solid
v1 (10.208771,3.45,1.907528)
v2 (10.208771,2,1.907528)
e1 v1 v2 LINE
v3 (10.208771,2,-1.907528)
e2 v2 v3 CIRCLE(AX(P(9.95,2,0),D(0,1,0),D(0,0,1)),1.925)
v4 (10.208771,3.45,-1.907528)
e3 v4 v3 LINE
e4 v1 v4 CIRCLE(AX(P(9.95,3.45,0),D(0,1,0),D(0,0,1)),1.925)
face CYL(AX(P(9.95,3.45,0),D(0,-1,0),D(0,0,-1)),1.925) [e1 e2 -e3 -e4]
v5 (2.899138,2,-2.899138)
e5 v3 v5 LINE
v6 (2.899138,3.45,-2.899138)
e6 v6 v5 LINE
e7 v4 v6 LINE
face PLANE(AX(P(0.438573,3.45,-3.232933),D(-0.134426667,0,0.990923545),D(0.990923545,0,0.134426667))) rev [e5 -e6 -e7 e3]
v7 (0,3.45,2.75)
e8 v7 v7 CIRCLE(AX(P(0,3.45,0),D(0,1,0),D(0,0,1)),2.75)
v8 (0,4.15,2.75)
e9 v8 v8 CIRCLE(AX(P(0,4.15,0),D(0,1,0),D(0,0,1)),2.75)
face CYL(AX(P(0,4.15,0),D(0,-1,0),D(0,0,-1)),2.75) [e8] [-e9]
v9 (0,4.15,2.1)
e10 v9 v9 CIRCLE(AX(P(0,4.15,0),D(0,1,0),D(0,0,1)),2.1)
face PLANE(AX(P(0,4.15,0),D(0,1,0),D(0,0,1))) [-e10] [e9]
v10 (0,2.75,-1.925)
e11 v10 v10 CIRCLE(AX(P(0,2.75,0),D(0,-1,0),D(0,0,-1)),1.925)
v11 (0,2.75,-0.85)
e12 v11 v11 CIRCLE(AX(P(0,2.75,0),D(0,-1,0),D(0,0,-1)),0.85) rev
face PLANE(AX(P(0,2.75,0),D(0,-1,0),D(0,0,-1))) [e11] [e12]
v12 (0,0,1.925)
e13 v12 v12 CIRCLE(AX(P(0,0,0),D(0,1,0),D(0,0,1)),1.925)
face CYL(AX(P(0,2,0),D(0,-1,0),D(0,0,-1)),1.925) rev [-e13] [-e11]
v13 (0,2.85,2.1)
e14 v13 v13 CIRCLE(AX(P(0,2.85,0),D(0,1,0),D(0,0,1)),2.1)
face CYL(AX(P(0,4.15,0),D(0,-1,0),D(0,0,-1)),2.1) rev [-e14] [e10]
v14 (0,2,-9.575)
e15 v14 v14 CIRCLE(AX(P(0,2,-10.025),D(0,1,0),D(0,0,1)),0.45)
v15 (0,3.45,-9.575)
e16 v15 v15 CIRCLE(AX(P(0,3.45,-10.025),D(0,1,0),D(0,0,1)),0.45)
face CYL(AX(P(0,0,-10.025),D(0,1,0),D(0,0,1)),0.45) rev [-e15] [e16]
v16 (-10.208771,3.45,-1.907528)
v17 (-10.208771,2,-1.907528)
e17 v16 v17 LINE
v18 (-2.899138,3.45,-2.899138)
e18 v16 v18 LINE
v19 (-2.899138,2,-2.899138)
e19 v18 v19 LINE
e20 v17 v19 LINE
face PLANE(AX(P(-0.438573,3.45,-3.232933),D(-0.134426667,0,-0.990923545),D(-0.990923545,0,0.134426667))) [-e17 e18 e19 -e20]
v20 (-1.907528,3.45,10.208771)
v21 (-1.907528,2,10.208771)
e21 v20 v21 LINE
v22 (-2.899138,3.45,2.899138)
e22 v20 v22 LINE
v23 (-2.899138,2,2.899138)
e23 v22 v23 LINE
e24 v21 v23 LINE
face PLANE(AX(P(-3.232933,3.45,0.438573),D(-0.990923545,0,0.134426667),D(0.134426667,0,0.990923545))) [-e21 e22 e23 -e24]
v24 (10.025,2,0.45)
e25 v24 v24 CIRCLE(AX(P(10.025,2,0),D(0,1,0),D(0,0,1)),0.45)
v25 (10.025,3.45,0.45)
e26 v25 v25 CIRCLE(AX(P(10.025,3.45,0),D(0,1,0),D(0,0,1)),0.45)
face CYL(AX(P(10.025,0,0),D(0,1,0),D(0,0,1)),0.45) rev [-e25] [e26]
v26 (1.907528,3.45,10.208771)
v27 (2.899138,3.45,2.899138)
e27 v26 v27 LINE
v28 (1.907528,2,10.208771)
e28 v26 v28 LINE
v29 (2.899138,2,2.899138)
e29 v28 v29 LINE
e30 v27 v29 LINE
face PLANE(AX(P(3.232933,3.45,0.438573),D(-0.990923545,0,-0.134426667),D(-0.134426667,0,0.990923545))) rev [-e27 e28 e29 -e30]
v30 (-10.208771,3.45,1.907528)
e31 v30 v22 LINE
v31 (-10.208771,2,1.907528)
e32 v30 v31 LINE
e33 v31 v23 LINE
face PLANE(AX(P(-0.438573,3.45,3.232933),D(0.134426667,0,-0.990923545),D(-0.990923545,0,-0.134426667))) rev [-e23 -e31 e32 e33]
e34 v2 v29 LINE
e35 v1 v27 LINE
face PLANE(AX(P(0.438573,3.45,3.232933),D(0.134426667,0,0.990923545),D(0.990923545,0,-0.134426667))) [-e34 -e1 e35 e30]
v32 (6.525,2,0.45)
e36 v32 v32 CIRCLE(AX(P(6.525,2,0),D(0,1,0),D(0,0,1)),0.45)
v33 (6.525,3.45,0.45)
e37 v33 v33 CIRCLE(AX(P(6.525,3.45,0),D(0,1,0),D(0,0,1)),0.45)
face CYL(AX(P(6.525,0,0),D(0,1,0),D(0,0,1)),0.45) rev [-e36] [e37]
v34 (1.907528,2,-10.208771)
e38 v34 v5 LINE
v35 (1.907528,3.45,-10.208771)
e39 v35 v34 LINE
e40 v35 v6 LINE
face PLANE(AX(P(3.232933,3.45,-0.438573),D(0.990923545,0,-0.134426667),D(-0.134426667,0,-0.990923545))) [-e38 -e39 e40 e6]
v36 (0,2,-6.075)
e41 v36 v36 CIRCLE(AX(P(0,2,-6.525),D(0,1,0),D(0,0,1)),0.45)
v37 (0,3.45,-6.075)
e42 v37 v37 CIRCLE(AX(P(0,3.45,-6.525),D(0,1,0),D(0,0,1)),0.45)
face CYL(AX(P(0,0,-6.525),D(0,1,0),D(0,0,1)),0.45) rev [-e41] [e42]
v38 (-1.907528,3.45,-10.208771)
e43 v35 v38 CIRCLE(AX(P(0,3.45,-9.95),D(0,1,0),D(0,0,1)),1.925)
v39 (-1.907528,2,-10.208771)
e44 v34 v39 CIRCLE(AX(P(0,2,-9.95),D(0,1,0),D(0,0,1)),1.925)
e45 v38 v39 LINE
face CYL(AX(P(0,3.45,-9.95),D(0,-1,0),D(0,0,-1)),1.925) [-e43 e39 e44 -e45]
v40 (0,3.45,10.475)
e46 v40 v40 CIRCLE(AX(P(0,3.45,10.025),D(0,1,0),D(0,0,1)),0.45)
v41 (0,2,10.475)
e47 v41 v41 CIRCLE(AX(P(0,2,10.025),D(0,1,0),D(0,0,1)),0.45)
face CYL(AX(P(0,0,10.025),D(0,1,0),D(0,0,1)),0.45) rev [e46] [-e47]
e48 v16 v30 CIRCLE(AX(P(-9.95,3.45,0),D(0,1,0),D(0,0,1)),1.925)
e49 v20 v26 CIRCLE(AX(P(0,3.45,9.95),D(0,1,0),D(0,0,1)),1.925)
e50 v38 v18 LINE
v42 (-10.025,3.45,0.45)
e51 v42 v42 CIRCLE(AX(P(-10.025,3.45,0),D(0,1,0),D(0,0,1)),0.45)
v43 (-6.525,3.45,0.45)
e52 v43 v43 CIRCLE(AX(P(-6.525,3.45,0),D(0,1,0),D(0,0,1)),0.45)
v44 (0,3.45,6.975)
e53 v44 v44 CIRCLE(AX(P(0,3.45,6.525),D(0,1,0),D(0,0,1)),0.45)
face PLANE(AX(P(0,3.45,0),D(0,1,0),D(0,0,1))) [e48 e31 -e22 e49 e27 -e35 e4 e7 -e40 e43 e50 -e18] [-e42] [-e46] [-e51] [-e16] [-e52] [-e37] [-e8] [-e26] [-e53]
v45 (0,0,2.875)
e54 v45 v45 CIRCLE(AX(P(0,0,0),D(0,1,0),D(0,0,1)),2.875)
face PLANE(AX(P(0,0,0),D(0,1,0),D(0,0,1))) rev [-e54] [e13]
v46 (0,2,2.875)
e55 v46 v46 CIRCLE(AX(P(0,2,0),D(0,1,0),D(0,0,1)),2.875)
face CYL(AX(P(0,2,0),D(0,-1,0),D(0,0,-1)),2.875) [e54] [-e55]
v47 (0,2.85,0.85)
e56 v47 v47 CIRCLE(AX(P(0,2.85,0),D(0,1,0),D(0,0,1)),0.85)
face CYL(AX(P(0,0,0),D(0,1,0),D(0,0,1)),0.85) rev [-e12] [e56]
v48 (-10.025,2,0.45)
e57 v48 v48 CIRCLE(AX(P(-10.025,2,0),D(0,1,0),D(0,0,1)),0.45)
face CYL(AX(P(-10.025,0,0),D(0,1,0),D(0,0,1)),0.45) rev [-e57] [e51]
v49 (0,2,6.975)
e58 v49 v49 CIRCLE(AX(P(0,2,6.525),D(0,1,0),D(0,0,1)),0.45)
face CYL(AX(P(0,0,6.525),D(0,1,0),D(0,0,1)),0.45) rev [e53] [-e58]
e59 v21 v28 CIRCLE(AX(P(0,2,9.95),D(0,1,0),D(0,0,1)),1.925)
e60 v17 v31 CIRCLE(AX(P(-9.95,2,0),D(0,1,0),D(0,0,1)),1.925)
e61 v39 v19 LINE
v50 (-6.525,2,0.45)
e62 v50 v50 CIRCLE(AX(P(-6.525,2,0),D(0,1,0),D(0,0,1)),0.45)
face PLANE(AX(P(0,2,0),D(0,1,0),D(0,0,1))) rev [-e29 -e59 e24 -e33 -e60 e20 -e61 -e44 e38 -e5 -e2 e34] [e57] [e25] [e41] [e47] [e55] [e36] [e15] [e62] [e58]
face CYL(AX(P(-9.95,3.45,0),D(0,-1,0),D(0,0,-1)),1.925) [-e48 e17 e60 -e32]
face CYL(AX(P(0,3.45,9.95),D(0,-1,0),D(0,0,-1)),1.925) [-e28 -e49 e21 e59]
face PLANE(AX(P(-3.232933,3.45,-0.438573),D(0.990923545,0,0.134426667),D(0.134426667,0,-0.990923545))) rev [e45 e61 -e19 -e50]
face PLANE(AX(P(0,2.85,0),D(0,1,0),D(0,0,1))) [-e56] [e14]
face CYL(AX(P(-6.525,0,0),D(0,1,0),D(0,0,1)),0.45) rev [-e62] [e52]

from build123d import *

# Parameters (mm, degrees)
SKETCH1_R           = 2.875
SKETCH1_R_2         = 1.925
BOSS_EXTRUDE1_DEPTH = 2
SKETCH2_R           = 1.925
SKETCH2_R_2         = 2.875
BOSS_EXTRUDE2_DEPTH = 1.45
SKETCH3_R           = 2.75
SKETCH3_R_2         = 2.1
BOSS_EXTRUDE3_DEPTH = 0.7
CUT_EXTRUDE1_START  = -1.3
SKETCH5_R           = 2.1
CUT_EXTRUDE1_DEPTH  = 1.3
SKETCH6_R           = 0.85
CUT_EXTRUDE2_DEPTH  = 18.033900023
SKETCH7_R           = 0.45
CUT_EXTRUDE3_DEPTH  = 18.144496201
SKETCH8_R           = 1.925
CUT_EXTRUDE4_DEPTH  = 0.75


with BuildPart() as part:
    # Sketch1 → Boss-Extrude1 (new body)
    with BuildSketch(Plane(origin=(0, 0, 0), x_dir=(1, 0, 0), z_dir=(0, 1, 0))):
        with Locations(Location((0, 0, 0), (0, 0, 270))):
            Circle(SKETCH1_R)
        with Locations(Location((0, 0, 0), (0, 0, 270))):
            Circle(SKETCH1_R_2, mode=Mode.SUBTRACT)
    extrude(amount=BOSS_EXTRUDE1_DEPTH)

    # Sketch2 → Boss-Extrude2 (add)
    # profile 1 of 7: a face of its own
    with BuildSketch(Plane(origin=(0, 2, 0), x_dir=(1, 0, 0), z_dir=(0, 1, 0))):
        with Locations((-9.95, 0)):
            Circle(SKETCH2_R)
    # profile 2 of 7: a face of its own
    with BuildSketch(Plane(origin=(0, 2, 0), x_dir=(1, 0, 0), z_dir=(0, 1, 0))):
        with BuildLine():
            ThreePointArc((1.925, 9.95), (-0.129680261, 8.029373011), (-1.907527823, 10.208771335))
            Line((-1.907527823, 10.208771335), (-2.899137803, 2.899137803))
            Line((-2.899137803, 2.899137803), (-10.208771335, 1.907527823))
            ThreePointArc((-10.208771335, 1.907527823), (-8.683609424, 1.44978616), (-8.025, 0))
            ThreePointArc((-8.025, 0), (-8.683609424, -1.44978616), (-10.208771335, -1.907527823))
            Line((-10.208771335, -1.907527823), (-2.899137803, -2.899137803))
            Line((-2.899137803, -2.899137803), (-1.907527823, -10.208771335))
            ThreePointArc((-1.907527823, -10.208771335), (-0.129680261, -8.029373011), (1.925, -9.95))
            ThreePointArc((1.925, -9.95), (1.920626989, -10.079680261), (1.907527823, -10.208771335))
            Line((1.907527823, -10.208771335), (2.899137803, -2.899137803))
            Line((2.899137803, -2.899137803), (10.208771335, -1.907527823))
            ThreePointArc((10.208771335, -1.907527823), (8.025, 0), (10.208771335, 1.907527823))
            Line((10.208771335, 1.907527823), (2.899137803, 2.899137803))
            Line((2.899137803, 2.899137803), (1.907527823, 10.208771335))
            ThreePointArc((1.907527823, 10.208771335), (1.920626989, 10.079680261), (1.925, 9.95))
        make_face()
        with Locations(Location((0, 0, 0), (0, 0, 270))):
            Circle(SKETCH2_R_2, mode=Mode.SUBTRACT)
    # profile 3 of 7: a face of its own
    with BuildSketch(Plane(origin=(0, 2, 0), x_dir=(1, 0, 0), z_dir=(0, 1, 0))):
        with Locations(Location((0, 0, 0), (0, 0, 270))):
            Circle(SKETCH2_R_2)
        with Locations(Location((0, 0, 0), (0, 0, 270))):
            Circle(SKETCH2_R, mode=Mode.SUBTRACT)
    # profile 4 of 7: a face of its own
    with BuildSketch(Plane(origin=(0, 2, 0), x_dir=(1, 0, 0), z_dir=(0, 1, 0))):
        with Locations(Location((0, 0, 0), (0, 0, 270))):
            Circle(SKETCH2_R)
    # profile 5 of 7: a face of its own
    with BuildSketch(Plane(origin=(0, 2, 0), x_dir=(1, 0, 0), z_dir=(0, 1, 0))):
        with Locations((0, -9.95)):
            Circle(SKETCH2_R)
    # profile 6 of 7: a face of its own
    with BuildSketch(Plane(origin=(0, 2, 0), x_dir=(1, 0, 0), z_dir=(0, 1, 0))):
        with Locations((9.95, 0)):
            Circle(SKETCH2_R)
    # profile 7 of 7: a face of its own
    with BuildSketch(Plane(origin=(0, 2, 0), x_dir=(1, 0, 0), z_dir=(0, 1, 0))):
        with Locations((0, 9.95)):
            Circle(SKETCH2_R)
    extrude(amount=BOSS_EXTRUDE2_DEPTH)

    # Sketch3 → Boss-Extrude3 (add)
    with BuildSketch(Plane(origin=(0, 3.45, 0), x_dir=(1, 0, 0), z_dir=(0, 1, 0))):
        with Locations(Location((0, 0, 0), (0, 0, 270))):
            Circle(SKETCH3_R)
        with Locations(Location((0, 0, 0), (0, 0, 270))):
            Circle(SKETCH3_R_2, mode=Mode.SUBTRACT)
    extrude(amount=BOSS_EXTRUDE3_DEPTH)

    # Sketch5 → Cut-Extrude1 (cut)
    with BuildSketch(Plane(origin=(0, 4.15, 0), x_dir=(1, 0, 0), z_dir=(0, 1, 0)).offset(CUT_EXTRUDE1_START)):
        with Locations(Location((0, 0, 0), (0, 0, 270))):
            Circle(SKETCH5_R)
    extrude(amount=CUT_EXTRUDE1_DEPTH, mode=Mode.SUBTRACT)

    # Sketch6 → Cut-Extrude2 (cut, through all)
    with BuildSketch(Plane(origin=(0, 2.85, 0), x_dir=(1, 0, 0), z_dir=(0, 1, 0))):
        with Locations(Location((0, 0, 0), (0, 0, 270))):
            Circle(SKETCH6_R)
    extrude(amount=-CUT_EXTRUDE2_DEPTH, mode=Mode.SUBTRACT)

    # Sketch7 → Cut-Extrude3 (cut, through all)
    with BuildSketch(Plane(origin=(0, 3.45, 0), x_dir=(1, 0, 0), z_dir=(0, 1, 0))):
        with Locations(Location((0, 10.025, 0), (0, 0, 270))):
            Circle(SKETCH7_R)
        with Locations(Location((0, 6.525, 0), (0, 0, 270))):
            Circle(SKETCH7_R)
        with Locations(Location((6.525, 0, 0), (0, 0, 270))):
            Circle(SKETCH7_R)
        with Locations(Location((10.025, 0, 0), (0, 0, 270))):
            Circle(SKETCH7_R)
        with Locations(Location((0, -6.525, 0), (0, 0, 270))):
            Circle(SKETCH7_R)
        with Locations(Location((0, -10.025, 0), (0, 0, 270))):
            Circle(SKETCH7_R)
        with Locations(Location((-6.525, 0, 0), (0, 0, 270))):
            Circle(SKETCH7_R)
        with Locations(Location((-10.025, 0, 0), (0, 0, 270))):
            Circle(SKETCH7_R)
    extrude(amount=-CUT_EXTRUDE3_DEPTH, mode=Mode.SUBTRACT)

    # Sketch8 → Cut-Extrude4 (cut)
    with BuildSketch(Plane.XZ.offset(-2)):
        with Locations(Location((0, 0, 0), (0, 0, 270))):
            Circle(SKETCH8_R)
    extrude(amount=-CUT_EXTRUDE4_DEPTH, mode=Mode.SUBTRACT)


solid = part.part
